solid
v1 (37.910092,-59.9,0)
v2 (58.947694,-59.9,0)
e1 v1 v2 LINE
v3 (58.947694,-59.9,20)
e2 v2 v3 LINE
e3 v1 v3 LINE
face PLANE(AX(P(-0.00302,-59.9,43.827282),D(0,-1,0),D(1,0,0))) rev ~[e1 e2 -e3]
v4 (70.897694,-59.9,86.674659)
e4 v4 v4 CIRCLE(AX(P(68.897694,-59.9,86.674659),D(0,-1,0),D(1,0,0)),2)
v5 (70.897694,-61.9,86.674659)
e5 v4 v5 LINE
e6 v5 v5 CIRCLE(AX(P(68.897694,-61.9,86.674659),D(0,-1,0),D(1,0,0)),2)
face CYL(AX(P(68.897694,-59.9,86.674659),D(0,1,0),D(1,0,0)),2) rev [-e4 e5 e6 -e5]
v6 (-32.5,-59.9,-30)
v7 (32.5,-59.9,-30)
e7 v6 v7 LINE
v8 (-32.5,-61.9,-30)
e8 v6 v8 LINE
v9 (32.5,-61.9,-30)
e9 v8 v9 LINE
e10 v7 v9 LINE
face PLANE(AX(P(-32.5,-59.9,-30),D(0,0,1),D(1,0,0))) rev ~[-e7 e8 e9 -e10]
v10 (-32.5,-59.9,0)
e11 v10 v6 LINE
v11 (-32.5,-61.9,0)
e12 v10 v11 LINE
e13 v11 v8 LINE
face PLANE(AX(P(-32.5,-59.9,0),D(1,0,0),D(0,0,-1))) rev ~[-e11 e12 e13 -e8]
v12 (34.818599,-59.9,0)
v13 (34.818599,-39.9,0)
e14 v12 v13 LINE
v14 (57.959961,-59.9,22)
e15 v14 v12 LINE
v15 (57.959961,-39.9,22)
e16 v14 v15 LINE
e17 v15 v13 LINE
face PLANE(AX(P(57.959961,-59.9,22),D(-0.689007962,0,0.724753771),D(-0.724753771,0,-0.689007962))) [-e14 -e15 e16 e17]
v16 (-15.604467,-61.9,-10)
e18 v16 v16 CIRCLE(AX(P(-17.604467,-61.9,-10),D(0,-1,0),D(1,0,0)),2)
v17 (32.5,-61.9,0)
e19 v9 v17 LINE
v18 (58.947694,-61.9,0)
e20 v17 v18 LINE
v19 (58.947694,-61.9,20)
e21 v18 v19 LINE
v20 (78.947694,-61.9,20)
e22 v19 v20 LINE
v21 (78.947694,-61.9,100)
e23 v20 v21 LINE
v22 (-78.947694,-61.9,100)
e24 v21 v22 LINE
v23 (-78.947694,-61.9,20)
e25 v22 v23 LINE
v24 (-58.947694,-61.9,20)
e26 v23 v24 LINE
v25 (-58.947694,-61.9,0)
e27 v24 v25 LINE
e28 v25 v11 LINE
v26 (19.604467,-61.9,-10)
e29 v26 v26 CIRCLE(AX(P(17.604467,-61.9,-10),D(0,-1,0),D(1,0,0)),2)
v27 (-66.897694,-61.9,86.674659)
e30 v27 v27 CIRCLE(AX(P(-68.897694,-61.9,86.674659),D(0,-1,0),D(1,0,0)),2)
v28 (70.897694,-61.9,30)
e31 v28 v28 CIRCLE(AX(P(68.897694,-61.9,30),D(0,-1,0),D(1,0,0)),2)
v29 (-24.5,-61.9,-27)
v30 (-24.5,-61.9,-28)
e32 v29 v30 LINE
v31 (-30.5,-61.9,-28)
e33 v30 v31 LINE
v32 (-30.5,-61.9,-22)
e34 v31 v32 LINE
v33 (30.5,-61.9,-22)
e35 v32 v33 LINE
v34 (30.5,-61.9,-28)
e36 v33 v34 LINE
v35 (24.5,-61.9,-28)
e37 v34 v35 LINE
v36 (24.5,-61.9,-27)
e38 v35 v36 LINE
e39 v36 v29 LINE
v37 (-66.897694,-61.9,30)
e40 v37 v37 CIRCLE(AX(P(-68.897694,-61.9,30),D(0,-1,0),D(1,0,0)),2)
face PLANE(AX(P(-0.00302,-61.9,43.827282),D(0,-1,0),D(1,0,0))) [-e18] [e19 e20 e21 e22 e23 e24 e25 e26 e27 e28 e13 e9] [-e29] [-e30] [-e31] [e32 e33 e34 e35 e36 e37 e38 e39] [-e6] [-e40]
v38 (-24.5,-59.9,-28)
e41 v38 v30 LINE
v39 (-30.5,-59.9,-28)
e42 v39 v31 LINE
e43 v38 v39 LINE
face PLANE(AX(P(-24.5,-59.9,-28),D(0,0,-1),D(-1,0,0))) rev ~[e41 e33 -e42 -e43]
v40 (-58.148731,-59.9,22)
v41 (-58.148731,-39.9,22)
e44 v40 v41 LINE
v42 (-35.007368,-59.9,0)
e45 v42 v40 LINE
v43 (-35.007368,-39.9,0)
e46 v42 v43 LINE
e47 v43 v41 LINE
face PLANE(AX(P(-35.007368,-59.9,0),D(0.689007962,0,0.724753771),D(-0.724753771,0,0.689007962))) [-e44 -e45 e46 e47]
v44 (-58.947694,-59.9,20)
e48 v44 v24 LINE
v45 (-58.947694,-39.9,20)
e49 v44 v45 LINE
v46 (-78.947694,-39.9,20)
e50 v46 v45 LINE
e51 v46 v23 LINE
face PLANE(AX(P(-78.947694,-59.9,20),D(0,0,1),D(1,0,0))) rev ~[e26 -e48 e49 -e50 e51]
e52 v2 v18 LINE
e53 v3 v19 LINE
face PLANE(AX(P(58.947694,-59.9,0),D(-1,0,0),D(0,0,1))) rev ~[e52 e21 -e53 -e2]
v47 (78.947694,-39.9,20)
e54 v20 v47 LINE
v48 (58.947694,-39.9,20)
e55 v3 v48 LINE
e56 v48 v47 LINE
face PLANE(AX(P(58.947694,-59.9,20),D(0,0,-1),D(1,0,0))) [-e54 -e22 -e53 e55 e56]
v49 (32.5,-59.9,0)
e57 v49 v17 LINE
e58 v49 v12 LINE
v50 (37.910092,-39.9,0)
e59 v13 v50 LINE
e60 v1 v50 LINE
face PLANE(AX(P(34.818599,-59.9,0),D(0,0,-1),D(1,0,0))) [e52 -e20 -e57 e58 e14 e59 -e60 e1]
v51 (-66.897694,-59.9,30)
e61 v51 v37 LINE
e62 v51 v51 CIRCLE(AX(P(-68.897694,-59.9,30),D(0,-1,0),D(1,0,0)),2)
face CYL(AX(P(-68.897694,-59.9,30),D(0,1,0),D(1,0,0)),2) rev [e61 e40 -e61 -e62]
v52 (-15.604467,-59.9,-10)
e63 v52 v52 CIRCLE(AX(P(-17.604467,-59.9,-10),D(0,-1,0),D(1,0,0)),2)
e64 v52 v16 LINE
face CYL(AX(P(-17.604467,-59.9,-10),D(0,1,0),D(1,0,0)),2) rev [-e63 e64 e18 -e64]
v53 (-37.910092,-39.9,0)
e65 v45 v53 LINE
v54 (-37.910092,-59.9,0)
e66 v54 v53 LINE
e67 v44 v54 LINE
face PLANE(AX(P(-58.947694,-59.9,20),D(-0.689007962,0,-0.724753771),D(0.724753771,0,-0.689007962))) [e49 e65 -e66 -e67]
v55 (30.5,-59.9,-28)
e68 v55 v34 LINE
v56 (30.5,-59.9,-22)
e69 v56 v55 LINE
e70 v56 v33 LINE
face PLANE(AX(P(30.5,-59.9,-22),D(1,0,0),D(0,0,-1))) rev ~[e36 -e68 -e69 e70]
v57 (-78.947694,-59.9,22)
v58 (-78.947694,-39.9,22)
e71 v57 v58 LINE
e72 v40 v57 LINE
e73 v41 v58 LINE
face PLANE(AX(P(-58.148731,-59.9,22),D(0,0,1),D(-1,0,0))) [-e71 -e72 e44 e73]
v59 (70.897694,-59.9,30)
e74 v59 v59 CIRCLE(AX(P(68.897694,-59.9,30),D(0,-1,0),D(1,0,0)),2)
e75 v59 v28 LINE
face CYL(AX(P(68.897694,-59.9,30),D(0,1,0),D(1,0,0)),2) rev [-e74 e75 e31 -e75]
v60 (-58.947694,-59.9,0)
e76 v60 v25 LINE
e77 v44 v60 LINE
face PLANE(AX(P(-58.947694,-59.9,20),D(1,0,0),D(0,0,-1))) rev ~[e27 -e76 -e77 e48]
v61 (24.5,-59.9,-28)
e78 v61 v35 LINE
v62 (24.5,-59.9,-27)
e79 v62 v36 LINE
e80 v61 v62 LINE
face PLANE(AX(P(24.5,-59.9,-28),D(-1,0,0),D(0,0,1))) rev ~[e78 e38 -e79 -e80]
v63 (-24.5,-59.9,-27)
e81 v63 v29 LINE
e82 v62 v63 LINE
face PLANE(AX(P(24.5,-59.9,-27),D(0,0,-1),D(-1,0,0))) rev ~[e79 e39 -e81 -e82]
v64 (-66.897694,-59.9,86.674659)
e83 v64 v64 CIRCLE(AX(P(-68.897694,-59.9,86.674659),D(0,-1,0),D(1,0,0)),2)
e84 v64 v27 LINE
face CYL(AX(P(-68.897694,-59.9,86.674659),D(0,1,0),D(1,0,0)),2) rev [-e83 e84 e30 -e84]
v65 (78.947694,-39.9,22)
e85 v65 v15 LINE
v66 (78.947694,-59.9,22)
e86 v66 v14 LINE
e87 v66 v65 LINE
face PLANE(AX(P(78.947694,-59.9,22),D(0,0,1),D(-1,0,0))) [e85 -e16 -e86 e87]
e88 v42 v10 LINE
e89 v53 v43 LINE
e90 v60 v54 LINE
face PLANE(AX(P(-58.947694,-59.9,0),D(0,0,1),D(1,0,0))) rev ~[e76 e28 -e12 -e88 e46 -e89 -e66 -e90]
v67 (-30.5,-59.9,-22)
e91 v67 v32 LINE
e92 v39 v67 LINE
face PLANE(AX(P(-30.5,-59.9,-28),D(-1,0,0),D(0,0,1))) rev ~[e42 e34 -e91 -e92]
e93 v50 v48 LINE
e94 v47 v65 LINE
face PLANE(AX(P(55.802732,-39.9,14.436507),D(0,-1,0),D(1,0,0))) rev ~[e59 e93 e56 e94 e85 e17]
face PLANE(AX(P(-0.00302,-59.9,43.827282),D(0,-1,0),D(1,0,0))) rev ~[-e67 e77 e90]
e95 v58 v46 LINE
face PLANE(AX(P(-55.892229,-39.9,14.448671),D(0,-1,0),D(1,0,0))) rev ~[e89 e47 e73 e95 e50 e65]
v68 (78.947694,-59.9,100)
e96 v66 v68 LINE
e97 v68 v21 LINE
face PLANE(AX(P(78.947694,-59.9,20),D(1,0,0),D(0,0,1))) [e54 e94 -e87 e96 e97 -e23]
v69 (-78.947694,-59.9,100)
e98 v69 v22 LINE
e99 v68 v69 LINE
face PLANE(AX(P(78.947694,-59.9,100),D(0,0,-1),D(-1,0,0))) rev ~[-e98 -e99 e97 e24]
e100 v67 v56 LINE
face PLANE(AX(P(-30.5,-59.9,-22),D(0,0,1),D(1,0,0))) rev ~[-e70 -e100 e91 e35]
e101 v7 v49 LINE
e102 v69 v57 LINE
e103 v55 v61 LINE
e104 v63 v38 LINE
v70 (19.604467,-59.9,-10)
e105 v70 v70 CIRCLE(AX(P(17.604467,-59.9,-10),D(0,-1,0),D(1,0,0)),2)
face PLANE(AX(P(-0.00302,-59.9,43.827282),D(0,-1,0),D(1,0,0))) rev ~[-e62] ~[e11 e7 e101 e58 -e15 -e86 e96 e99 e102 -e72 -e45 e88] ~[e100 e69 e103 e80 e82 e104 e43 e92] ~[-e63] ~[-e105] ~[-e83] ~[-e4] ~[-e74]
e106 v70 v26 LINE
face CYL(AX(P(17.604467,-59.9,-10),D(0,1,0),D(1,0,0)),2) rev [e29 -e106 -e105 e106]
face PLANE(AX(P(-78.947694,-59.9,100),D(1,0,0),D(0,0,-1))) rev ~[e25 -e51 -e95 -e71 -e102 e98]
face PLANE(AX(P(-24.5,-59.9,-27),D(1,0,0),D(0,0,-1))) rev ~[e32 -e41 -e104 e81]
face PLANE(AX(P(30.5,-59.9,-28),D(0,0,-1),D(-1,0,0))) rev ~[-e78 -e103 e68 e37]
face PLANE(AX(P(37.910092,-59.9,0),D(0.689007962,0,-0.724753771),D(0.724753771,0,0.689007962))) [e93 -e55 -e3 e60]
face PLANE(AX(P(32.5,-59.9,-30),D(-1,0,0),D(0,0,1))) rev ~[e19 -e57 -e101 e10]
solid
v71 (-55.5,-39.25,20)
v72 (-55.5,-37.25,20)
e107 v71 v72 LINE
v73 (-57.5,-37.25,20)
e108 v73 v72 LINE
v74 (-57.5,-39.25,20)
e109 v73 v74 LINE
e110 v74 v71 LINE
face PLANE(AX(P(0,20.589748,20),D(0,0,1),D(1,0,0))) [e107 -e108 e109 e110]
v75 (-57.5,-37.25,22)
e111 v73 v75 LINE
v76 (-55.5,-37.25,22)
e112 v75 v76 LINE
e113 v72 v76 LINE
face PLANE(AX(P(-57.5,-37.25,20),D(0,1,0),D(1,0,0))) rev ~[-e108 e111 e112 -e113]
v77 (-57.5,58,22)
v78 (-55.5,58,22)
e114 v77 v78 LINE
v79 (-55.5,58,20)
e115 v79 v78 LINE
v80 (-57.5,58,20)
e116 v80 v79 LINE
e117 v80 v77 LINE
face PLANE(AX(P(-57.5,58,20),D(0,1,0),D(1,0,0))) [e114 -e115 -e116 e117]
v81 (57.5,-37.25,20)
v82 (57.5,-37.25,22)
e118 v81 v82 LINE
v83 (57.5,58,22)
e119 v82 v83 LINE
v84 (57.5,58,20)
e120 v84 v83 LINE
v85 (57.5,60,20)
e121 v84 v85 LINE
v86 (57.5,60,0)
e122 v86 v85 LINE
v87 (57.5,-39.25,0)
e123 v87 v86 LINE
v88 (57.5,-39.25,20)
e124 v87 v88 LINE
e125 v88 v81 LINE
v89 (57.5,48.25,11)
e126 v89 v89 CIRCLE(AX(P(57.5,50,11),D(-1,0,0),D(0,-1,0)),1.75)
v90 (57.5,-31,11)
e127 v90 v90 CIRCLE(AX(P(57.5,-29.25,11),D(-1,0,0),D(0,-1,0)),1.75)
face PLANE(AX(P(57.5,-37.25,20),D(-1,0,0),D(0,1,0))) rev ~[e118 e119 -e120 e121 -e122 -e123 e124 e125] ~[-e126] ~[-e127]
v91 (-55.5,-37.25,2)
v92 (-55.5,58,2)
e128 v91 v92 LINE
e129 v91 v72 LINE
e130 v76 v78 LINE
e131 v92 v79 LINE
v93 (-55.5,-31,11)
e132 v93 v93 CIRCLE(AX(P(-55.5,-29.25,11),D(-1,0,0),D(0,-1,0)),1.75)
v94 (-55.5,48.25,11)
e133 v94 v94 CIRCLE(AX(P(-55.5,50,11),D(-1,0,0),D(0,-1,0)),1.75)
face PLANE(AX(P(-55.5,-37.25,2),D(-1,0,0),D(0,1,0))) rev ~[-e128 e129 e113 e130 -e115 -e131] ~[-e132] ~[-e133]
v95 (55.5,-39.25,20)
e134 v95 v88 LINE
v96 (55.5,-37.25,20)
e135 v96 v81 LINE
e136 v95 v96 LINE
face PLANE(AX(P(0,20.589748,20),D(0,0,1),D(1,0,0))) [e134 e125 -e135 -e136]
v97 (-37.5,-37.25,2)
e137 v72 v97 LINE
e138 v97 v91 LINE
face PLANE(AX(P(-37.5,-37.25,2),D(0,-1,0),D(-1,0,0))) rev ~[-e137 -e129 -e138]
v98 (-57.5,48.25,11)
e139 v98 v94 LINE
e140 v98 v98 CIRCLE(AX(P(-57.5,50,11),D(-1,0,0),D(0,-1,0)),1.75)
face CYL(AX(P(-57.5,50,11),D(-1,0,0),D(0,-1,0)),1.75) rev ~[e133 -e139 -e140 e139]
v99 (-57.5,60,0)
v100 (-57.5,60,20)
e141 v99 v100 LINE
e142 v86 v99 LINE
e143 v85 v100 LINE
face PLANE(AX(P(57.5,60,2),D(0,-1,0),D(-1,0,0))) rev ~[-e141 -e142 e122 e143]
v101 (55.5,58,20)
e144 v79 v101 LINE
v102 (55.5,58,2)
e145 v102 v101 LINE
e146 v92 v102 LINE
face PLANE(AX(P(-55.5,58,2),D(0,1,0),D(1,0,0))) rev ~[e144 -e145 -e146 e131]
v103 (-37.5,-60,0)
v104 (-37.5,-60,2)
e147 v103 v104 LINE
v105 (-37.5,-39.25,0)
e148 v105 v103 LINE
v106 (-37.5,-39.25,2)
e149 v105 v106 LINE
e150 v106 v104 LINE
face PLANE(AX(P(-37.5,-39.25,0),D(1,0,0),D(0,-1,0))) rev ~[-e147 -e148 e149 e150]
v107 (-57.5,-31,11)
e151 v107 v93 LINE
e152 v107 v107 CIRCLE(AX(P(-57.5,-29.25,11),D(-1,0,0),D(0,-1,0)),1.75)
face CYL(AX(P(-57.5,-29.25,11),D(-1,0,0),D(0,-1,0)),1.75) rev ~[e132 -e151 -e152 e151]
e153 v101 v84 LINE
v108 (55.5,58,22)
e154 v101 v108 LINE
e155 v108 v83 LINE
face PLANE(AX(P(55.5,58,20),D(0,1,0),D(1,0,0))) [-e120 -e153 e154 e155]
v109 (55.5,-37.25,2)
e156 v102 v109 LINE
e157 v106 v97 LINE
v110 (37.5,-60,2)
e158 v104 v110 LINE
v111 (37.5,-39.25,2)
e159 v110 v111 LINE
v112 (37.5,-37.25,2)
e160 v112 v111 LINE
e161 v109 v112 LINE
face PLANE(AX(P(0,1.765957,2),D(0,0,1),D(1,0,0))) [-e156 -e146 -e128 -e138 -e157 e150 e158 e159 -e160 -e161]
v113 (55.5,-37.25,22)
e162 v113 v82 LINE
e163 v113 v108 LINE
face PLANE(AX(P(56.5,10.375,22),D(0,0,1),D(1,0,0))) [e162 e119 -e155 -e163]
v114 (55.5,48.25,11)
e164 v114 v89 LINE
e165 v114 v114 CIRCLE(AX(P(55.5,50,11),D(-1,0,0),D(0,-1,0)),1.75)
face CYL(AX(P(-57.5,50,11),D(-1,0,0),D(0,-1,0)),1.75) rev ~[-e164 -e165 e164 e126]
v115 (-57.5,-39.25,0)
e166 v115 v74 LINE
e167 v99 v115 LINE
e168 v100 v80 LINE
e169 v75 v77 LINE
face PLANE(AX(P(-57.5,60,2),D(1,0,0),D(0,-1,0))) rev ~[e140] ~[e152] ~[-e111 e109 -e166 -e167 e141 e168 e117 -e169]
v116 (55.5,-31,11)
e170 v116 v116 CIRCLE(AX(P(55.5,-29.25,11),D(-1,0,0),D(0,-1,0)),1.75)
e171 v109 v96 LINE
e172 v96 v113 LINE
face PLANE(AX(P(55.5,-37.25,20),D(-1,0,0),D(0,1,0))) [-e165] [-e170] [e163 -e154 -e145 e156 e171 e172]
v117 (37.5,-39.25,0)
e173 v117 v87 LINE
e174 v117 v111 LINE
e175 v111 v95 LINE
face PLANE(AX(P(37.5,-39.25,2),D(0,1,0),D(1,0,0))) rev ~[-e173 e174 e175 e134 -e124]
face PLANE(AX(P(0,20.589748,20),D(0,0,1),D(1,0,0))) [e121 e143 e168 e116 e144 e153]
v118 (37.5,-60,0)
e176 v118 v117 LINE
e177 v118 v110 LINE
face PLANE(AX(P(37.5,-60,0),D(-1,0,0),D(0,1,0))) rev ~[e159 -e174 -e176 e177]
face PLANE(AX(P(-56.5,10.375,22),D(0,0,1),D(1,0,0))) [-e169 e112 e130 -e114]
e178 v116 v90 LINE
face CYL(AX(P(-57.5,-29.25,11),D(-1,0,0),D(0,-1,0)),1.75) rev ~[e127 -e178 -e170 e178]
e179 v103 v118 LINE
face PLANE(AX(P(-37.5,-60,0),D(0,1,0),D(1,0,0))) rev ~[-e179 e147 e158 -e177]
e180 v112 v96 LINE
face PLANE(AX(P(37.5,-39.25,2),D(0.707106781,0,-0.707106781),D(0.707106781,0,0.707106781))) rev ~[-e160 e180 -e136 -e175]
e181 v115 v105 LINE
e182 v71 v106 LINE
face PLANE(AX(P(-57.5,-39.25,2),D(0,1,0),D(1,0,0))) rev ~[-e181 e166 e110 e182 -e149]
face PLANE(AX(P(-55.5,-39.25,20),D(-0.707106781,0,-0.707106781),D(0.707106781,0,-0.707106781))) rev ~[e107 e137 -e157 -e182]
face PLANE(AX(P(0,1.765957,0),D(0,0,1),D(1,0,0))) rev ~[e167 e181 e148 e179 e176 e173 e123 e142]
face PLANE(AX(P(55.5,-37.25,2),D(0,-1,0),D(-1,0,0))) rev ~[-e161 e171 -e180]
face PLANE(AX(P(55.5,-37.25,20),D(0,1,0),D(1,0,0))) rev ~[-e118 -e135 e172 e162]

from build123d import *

# Parameters (mm, degrees)
F2_DEPTH  = 2
F4_DEPTH  = 18
F6_DEPTH  = 2
F7_R      = 1.75
F8_DEPTH  = 115.001
F9_W      = 2
F9_H      = 95.25
F10_DEPTH = 2
F12_R     = 2
F13_DEPTH = 2
F14_DEPTH = 20


with BuildPart() as f2:
    # F1 (on Top) → F2 (new body)
    with BuildSketch(Plane.XY):
        Polygon((-37.5, -60), (37.5, -60), (37.5, -39.25), (57.5, -39.25), (57.5, 60), (0, 60), (-57.5, 60), (-57.5, -39.25), (-37.5, -39.25), align=None)
    extrude(amount=F2_DEPTH)

    # F3 (on face) → F4 (join)
    with BuildSketch(Plane.XY.offset(2)):
        Polygon((-55.5, -37.25), (-55.5, 58), (55.5, 58), (55.5, -37.25), (37.5, -37.25), (37.5, -39.25), (57.5, -39.25), (57.5, 60), (0, 60), (-57.5, 60), (-57.5, -39.25), (-37.5, -39.25), (-37.5, -37.25), align=None)
    extrude(amount=F4_DEPTH)

    # F5 (on face) → F6 (cut, through all)
    with BuildSketch(Plane.XZ.offset(39.25)):
        Polygon((-37.5, 2), (-37.5, 20), (-55.5, 20), align=None)
        Polygon((55.5, 20), (37.5, 20), (37.5, 2), align=None)
    extrude(amount=-F6_DEPTH, mode=Mode.SUBTRACT)

    # F7 (on face) → F8 (cut, through all)
    with BuildSketch(Plane(origin=(-57.5, 0, 0), x_dir=(0, -1, 0), z_dir=(-1, 0, 0))):
        with Locations((-50, 11)):
            Circle(F7_R)
        with Locations((29.25, 11)):
            Circle(F7_R)
    extrude(amount=-F8_DEPTH, mode=Mode.SUBTRACT)

    # F9 (on face) → F10 (join)
    with BuildSketch(Plane.XY.offset(20)):
        with Locations((56.5, 10.375)):
            Rectangle(F9_W, F9_H)
        with Locations((-56.5, 10.375)):
            Rectangle(F9_W, F9_H)
    extrude(amount=F10_DEPTH)


with BuildPart() as f13:
    # F12 (on offset) → F13 (new body)
    with BuildSketch(Plane.XZ.offset(59.9)):
        Polygon((-32.5, -0.1356871004), (-32.5, -30), (32.5, -30), (32.5, 0), (34.8185987762, 0), (57.9599612257, 22), (58.1487305462, 22), (78.9476944018, 22), (78.9476944018, 100), (0, 100), (-78.9476944018, 100), (-78.9476944018, 22), (-58.1487305462, 22), (-35.0073680967, 0), (-32.5, 0), align=None)
        with Locations((-17.6044665277, -10)):
            Circle(F12_R, mode=Mode.SUBTRACT)
        with Locations((-68.8976944018, 30)):
            Circle(F12_R, mode=Mode.SUBTRACT)
        Polygon((-30.5, -28), (-30.5, -27), (-30.5, -22), (30.5, -22), (30.5, -27), (30.5, -28), (24.5, -28), (24.5, -27), (-24.5, -27), (-24.5, -28), align=None, mode=Mode.SUBTRACT)
        with Locations((17.6044665277, -10)):
            Circle(F12_R, mode=Mode.SUBTRACT)
        with Locations((68.8976944018, 30)):
            Circle(F12_R, mode=Mode.SUBTRACT)
        with Locations((-68.8976944018, 86.6746587008)):
            Circle(F12_R, mode=Mode.SUBTRACT)
        with Locations((68.8976944018, 86.6746587008)):
            Circle(F12_R, mode=Mode.SUBTRACT)
        Polygon((57.9599612257, 22), (34.8185987762, 0), (37.910092175, 0), (58.9476944018, 20), (78.9476944018, 20), (78.9476944018, 22), (58.1487305462, 22), align=None)
        Polygon((-37.910092175, 0), (-35.0073680967, 0), (-58.1487305462, 22), (-78.9476944018, 22), (-78.9476944018, 20), (-58.9476944018, 20), align=None)
        Polygon((58.9476944018, 20), (37.910092175, 0), (58.9476944018, 0), align=None)
        Polygon((-58.9476944018, 0), (-37.910092175, 0), (-58.9476944018, 20), align=None)
    extrude(amount=F13_DEPTH)

    # F12 (on offset) → F14 (join)
    with BuildSketch(Plane.XZ.offset(59.9)):
        Polygon((57.9599612257, 22), (34.8185987762, 0), (37.910092175, 0), (58.9476944018, 20), (78.9476944018, 20), (78.9476944018, 22), (58.1487305462, 22), align=None)
        Polygon((-37.910092175, 0), (-35.0073680967, 0), (-58.1487305462, 22), (-78.9476944018, 22), (-78.9476944018, 20), (-58.9476944018, 20), align=None)
    extrude(amount=-F14_DEPTH)


solid = Compound([f2.part, f13.part])
